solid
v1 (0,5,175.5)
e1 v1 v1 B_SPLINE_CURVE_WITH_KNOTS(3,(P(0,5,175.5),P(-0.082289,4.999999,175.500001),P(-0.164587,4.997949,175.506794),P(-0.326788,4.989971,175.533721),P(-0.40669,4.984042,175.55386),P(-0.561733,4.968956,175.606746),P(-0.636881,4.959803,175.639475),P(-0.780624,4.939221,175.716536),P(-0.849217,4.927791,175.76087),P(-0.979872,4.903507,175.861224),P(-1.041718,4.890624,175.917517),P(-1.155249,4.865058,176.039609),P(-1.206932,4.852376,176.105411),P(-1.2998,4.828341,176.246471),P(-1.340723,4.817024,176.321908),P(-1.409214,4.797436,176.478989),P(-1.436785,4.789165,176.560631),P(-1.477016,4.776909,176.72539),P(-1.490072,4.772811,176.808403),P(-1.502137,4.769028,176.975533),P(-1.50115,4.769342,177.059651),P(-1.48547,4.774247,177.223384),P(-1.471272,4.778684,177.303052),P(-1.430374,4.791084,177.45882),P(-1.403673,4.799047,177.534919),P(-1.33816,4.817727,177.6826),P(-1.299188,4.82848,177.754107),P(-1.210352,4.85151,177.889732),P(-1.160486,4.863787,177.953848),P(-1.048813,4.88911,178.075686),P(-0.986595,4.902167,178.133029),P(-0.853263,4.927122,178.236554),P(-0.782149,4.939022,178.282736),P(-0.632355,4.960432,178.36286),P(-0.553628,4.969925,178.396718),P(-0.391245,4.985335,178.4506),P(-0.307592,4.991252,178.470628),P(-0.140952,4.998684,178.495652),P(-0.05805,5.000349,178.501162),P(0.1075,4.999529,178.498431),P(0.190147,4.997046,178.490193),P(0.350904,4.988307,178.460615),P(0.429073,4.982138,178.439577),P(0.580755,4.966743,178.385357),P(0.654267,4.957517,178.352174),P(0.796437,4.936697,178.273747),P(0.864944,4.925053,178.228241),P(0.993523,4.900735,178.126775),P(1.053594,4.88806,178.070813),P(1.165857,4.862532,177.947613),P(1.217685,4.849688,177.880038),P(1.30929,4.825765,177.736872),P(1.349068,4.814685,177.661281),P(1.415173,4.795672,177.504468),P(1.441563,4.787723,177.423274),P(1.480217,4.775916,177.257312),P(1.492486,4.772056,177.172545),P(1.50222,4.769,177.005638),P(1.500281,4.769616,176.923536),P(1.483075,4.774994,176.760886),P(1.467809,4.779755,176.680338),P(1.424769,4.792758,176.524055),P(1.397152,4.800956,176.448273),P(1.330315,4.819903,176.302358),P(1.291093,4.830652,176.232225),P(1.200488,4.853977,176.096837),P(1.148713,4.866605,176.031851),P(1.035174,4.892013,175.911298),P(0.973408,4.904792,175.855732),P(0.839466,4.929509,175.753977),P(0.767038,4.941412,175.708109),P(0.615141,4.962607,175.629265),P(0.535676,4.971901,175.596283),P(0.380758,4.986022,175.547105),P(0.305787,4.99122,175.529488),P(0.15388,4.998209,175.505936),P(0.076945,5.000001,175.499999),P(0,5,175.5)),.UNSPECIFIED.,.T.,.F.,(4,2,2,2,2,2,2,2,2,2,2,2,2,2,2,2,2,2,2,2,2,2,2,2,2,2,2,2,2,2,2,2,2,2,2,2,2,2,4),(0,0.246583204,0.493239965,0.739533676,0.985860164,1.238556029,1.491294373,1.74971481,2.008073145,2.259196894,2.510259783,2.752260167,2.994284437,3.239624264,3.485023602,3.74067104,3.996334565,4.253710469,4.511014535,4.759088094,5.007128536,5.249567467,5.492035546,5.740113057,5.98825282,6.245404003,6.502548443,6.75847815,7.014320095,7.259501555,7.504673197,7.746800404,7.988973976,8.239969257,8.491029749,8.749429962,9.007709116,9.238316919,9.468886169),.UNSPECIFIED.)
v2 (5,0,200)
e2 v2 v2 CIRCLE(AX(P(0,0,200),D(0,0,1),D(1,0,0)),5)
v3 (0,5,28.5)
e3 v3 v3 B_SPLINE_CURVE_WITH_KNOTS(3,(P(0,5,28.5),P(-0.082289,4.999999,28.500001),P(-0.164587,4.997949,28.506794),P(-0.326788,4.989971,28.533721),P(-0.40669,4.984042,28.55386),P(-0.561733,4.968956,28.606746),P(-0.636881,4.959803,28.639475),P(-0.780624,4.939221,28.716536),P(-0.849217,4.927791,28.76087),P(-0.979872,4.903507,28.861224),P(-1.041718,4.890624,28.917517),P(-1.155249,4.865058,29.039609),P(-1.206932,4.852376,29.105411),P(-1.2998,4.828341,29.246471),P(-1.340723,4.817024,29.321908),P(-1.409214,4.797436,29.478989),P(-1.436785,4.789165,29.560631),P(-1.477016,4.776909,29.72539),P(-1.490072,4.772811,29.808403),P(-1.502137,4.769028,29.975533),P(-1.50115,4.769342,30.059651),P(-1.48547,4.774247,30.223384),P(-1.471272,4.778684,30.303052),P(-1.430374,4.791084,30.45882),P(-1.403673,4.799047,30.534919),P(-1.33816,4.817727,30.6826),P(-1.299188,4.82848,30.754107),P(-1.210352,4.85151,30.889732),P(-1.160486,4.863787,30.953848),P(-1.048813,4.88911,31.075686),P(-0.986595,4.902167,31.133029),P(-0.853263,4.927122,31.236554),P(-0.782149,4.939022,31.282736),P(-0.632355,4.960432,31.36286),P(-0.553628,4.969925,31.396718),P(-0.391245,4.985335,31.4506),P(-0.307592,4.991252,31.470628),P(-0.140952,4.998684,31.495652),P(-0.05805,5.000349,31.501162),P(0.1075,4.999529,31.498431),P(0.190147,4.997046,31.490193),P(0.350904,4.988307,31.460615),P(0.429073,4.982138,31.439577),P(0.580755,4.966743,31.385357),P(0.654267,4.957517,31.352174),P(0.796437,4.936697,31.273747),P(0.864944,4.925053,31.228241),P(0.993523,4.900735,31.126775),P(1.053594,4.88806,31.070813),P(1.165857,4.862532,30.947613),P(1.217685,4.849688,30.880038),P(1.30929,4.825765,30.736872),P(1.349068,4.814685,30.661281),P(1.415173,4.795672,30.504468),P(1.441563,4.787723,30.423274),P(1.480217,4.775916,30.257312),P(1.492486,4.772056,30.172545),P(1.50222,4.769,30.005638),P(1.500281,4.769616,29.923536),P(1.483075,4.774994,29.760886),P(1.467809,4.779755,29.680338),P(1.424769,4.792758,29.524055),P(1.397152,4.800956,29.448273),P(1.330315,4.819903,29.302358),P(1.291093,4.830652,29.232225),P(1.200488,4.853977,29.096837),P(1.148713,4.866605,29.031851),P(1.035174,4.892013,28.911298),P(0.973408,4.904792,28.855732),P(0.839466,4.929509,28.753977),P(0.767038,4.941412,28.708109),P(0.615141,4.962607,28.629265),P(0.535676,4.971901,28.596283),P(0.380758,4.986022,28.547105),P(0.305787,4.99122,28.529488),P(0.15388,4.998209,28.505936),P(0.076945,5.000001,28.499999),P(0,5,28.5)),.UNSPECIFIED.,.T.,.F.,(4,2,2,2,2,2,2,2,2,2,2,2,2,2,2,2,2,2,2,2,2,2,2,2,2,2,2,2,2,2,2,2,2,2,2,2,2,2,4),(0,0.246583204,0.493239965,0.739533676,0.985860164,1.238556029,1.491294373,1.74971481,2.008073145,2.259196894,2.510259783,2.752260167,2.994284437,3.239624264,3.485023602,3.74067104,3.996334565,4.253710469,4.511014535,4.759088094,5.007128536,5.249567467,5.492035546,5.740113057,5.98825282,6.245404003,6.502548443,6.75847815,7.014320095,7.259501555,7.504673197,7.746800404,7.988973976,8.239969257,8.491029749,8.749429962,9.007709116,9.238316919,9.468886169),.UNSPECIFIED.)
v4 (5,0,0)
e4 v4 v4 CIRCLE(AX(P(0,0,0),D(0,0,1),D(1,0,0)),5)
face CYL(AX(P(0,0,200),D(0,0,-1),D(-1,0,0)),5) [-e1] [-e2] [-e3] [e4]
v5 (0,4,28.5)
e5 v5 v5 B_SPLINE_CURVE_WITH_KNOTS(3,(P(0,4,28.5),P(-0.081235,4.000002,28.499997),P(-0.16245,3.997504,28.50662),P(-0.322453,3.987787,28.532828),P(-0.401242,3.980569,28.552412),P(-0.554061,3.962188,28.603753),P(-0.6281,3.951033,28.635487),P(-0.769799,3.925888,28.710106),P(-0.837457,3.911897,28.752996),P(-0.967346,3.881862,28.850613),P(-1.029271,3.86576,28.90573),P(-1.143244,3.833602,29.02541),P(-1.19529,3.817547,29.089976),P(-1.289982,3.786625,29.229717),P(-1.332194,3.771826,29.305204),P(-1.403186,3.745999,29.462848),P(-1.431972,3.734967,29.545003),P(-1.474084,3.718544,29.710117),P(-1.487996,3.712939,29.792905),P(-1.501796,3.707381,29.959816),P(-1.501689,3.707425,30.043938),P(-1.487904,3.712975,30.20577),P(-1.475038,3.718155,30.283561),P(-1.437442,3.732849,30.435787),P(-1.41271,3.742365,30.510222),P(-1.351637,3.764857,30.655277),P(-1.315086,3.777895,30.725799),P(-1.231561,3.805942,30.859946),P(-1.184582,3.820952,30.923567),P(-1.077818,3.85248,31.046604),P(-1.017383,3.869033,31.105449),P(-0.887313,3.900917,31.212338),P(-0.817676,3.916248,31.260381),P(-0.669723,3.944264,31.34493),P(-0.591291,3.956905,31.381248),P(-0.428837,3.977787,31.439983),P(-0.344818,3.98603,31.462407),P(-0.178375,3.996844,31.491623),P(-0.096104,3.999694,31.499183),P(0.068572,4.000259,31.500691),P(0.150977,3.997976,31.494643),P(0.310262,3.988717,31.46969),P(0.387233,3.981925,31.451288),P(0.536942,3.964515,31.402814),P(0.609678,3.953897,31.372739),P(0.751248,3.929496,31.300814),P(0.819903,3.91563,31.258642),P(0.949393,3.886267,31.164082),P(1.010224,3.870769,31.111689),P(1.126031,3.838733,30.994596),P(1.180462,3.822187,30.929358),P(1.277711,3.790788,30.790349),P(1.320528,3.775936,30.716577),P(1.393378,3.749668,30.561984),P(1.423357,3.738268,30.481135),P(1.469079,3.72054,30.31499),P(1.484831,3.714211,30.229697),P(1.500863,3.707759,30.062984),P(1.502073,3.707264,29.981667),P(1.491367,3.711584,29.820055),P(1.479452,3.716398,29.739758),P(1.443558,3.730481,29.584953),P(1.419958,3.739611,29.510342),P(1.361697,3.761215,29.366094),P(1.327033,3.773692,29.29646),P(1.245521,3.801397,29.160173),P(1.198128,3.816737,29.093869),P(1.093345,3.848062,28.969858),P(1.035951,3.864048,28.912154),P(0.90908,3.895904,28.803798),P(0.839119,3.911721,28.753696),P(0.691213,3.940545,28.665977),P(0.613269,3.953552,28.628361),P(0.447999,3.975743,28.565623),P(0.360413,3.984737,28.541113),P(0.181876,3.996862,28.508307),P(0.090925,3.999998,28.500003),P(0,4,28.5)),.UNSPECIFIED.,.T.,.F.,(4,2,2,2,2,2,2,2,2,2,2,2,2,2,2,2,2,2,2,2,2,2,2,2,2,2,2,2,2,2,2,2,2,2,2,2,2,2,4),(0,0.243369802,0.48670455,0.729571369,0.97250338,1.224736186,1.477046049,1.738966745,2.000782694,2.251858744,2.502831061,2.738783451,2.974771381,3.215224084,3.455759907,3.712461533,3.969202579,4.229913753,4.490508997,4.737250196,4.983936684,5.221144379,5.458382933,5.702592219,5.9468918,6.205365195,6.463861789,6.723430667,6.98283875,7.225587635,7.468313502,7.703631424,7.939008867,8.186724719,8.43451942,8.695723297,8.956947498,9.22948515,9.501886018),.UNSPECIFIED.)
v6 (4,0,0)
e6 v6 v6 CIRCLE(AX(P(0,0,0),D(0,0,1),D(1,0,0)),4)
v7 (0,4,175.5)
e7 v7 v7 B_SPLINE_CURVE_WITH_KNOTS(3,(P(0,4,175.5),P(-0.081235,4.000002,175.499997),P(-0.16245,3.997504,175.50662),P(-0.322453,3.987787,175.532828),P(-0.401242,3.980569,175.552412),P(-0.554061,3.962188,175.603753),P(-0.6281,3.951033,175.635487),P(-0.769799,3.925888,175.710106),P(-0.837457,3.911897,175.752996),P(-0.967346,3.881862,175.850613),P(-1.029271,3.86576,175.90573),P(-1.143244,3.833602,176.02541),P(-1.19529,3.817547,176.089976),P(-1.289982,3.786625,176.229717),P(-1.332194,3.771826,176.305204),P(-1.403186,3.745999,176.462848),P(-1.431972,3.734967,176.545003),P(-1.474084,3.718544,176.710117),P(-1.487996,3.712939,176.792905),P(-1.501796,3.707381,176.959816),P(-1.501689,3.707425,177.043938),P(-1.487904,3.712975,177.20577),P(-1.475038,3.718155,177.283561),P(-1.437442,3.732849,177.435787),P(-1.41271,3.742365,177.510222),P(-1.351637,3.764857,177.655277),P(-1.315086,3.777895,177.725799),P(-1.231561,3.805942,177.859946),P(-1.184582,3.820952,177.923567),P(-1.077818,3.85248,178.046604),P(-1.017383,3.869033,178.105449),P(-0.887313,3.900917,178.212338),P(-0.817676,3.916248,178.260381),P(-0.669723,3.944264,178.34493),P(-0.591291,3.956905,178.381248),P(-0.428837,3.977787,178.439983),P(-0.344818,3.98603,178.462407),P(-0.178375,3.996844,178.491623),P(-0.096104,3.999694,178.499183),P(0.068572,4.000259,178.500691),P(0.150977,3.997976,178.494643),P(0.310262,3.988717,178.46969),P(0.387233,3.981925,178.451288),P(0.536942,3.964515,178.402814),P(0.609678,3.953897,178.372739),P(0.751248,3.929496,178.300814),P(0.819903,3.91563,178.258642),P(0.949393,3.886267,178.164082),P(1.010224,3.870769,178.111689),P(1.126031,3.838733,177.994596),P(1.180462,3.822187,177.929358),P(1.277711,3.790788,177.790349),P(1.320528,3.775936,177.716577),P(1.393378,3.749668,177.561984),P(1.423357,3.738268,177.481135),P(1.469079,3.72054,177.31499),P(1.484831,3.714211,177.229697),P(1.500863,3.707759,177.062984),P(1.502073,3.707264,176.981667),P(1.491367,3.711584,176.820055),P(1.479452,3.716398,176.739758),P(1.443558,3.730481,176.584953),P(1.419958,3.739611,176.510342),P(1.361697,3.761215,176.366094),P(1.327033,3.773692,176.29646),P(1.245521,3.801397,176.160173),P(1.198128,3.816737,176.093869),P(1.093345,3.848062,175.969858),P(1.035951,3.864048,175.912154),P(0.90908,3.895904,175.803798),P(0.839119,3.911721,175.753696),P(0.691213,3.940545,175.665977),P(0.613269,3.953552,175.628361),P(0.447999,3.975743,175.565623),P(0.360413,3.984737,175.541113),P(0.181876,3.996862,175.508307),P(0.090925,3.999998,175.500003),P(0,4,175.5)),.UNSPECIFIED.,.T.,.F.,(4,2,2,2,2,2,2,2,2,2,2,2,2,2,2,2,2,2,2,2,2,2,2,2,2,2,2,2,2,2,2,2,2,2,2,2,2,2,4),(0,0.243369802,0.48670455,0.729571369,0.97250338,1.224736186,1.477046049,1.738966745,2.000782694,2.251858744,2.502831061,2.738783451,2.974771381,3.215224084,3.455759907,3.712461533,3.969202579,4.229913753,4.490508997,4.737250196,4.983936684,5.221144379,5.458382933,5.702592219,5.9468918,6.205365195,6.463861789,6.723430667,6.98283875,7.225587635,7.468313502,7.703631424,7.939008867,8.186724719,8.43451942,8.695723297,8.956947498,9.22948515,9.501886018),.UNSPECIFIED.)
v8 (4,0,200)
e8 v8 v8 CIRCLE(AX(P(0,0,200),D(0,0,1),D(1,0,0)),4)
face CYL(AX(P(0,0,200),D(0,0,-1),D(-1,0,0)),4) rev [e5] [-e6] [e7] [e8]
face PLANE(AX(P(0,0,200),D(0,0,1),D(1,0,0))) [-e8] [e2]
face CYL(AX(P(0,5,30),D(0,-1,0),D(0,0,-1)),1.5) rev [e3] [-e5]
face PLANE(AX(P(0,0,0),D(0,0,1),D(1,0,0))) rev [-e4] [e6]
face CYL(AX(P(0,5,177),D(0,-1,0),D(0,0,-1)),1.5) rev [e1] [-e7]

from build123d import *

# Parameters (mm, degrees)
SKETCH_1_R          = 5
SKETCH_1_R_2        = 4
EXTRUDE_1_DEPTH     = 200
SKETCH_2_R          = 1.5
CUT_EXTRUDE_1_DEPTH = 201.124960962


with BuildPart() as part:
    # 草图1 → 凸台-拉伸1 (new body)
    with BuildSketch(Plane.XY):
        Circle(SKETCH_1_R)
        Circle(SKETCH_1_R_2, mode=Mode.SUBTRACT)
    extrude(amount=EXTRUDE_1_DEPTH)

    # 草图2 → 切除-拉伸1 (cut, through all)
    with BuildSketch(Plane(origin=(0, 0, 0), x_dir=(1, 0, 0), z_dir=(0, 1, 0))):
        with Locations(Location((0, -177, 0), (0, 0, 90))):
            Circle(SKETCH_2_R)
        with Locations(Location((0, -30, 0), (0, 0, 90))):
            Circle(SKETCH_2_R)
    extrude(amount=CUT_EXTRUDE_1_DEPTH, mode=Mode.SUBTRACT)


solid = part.part
